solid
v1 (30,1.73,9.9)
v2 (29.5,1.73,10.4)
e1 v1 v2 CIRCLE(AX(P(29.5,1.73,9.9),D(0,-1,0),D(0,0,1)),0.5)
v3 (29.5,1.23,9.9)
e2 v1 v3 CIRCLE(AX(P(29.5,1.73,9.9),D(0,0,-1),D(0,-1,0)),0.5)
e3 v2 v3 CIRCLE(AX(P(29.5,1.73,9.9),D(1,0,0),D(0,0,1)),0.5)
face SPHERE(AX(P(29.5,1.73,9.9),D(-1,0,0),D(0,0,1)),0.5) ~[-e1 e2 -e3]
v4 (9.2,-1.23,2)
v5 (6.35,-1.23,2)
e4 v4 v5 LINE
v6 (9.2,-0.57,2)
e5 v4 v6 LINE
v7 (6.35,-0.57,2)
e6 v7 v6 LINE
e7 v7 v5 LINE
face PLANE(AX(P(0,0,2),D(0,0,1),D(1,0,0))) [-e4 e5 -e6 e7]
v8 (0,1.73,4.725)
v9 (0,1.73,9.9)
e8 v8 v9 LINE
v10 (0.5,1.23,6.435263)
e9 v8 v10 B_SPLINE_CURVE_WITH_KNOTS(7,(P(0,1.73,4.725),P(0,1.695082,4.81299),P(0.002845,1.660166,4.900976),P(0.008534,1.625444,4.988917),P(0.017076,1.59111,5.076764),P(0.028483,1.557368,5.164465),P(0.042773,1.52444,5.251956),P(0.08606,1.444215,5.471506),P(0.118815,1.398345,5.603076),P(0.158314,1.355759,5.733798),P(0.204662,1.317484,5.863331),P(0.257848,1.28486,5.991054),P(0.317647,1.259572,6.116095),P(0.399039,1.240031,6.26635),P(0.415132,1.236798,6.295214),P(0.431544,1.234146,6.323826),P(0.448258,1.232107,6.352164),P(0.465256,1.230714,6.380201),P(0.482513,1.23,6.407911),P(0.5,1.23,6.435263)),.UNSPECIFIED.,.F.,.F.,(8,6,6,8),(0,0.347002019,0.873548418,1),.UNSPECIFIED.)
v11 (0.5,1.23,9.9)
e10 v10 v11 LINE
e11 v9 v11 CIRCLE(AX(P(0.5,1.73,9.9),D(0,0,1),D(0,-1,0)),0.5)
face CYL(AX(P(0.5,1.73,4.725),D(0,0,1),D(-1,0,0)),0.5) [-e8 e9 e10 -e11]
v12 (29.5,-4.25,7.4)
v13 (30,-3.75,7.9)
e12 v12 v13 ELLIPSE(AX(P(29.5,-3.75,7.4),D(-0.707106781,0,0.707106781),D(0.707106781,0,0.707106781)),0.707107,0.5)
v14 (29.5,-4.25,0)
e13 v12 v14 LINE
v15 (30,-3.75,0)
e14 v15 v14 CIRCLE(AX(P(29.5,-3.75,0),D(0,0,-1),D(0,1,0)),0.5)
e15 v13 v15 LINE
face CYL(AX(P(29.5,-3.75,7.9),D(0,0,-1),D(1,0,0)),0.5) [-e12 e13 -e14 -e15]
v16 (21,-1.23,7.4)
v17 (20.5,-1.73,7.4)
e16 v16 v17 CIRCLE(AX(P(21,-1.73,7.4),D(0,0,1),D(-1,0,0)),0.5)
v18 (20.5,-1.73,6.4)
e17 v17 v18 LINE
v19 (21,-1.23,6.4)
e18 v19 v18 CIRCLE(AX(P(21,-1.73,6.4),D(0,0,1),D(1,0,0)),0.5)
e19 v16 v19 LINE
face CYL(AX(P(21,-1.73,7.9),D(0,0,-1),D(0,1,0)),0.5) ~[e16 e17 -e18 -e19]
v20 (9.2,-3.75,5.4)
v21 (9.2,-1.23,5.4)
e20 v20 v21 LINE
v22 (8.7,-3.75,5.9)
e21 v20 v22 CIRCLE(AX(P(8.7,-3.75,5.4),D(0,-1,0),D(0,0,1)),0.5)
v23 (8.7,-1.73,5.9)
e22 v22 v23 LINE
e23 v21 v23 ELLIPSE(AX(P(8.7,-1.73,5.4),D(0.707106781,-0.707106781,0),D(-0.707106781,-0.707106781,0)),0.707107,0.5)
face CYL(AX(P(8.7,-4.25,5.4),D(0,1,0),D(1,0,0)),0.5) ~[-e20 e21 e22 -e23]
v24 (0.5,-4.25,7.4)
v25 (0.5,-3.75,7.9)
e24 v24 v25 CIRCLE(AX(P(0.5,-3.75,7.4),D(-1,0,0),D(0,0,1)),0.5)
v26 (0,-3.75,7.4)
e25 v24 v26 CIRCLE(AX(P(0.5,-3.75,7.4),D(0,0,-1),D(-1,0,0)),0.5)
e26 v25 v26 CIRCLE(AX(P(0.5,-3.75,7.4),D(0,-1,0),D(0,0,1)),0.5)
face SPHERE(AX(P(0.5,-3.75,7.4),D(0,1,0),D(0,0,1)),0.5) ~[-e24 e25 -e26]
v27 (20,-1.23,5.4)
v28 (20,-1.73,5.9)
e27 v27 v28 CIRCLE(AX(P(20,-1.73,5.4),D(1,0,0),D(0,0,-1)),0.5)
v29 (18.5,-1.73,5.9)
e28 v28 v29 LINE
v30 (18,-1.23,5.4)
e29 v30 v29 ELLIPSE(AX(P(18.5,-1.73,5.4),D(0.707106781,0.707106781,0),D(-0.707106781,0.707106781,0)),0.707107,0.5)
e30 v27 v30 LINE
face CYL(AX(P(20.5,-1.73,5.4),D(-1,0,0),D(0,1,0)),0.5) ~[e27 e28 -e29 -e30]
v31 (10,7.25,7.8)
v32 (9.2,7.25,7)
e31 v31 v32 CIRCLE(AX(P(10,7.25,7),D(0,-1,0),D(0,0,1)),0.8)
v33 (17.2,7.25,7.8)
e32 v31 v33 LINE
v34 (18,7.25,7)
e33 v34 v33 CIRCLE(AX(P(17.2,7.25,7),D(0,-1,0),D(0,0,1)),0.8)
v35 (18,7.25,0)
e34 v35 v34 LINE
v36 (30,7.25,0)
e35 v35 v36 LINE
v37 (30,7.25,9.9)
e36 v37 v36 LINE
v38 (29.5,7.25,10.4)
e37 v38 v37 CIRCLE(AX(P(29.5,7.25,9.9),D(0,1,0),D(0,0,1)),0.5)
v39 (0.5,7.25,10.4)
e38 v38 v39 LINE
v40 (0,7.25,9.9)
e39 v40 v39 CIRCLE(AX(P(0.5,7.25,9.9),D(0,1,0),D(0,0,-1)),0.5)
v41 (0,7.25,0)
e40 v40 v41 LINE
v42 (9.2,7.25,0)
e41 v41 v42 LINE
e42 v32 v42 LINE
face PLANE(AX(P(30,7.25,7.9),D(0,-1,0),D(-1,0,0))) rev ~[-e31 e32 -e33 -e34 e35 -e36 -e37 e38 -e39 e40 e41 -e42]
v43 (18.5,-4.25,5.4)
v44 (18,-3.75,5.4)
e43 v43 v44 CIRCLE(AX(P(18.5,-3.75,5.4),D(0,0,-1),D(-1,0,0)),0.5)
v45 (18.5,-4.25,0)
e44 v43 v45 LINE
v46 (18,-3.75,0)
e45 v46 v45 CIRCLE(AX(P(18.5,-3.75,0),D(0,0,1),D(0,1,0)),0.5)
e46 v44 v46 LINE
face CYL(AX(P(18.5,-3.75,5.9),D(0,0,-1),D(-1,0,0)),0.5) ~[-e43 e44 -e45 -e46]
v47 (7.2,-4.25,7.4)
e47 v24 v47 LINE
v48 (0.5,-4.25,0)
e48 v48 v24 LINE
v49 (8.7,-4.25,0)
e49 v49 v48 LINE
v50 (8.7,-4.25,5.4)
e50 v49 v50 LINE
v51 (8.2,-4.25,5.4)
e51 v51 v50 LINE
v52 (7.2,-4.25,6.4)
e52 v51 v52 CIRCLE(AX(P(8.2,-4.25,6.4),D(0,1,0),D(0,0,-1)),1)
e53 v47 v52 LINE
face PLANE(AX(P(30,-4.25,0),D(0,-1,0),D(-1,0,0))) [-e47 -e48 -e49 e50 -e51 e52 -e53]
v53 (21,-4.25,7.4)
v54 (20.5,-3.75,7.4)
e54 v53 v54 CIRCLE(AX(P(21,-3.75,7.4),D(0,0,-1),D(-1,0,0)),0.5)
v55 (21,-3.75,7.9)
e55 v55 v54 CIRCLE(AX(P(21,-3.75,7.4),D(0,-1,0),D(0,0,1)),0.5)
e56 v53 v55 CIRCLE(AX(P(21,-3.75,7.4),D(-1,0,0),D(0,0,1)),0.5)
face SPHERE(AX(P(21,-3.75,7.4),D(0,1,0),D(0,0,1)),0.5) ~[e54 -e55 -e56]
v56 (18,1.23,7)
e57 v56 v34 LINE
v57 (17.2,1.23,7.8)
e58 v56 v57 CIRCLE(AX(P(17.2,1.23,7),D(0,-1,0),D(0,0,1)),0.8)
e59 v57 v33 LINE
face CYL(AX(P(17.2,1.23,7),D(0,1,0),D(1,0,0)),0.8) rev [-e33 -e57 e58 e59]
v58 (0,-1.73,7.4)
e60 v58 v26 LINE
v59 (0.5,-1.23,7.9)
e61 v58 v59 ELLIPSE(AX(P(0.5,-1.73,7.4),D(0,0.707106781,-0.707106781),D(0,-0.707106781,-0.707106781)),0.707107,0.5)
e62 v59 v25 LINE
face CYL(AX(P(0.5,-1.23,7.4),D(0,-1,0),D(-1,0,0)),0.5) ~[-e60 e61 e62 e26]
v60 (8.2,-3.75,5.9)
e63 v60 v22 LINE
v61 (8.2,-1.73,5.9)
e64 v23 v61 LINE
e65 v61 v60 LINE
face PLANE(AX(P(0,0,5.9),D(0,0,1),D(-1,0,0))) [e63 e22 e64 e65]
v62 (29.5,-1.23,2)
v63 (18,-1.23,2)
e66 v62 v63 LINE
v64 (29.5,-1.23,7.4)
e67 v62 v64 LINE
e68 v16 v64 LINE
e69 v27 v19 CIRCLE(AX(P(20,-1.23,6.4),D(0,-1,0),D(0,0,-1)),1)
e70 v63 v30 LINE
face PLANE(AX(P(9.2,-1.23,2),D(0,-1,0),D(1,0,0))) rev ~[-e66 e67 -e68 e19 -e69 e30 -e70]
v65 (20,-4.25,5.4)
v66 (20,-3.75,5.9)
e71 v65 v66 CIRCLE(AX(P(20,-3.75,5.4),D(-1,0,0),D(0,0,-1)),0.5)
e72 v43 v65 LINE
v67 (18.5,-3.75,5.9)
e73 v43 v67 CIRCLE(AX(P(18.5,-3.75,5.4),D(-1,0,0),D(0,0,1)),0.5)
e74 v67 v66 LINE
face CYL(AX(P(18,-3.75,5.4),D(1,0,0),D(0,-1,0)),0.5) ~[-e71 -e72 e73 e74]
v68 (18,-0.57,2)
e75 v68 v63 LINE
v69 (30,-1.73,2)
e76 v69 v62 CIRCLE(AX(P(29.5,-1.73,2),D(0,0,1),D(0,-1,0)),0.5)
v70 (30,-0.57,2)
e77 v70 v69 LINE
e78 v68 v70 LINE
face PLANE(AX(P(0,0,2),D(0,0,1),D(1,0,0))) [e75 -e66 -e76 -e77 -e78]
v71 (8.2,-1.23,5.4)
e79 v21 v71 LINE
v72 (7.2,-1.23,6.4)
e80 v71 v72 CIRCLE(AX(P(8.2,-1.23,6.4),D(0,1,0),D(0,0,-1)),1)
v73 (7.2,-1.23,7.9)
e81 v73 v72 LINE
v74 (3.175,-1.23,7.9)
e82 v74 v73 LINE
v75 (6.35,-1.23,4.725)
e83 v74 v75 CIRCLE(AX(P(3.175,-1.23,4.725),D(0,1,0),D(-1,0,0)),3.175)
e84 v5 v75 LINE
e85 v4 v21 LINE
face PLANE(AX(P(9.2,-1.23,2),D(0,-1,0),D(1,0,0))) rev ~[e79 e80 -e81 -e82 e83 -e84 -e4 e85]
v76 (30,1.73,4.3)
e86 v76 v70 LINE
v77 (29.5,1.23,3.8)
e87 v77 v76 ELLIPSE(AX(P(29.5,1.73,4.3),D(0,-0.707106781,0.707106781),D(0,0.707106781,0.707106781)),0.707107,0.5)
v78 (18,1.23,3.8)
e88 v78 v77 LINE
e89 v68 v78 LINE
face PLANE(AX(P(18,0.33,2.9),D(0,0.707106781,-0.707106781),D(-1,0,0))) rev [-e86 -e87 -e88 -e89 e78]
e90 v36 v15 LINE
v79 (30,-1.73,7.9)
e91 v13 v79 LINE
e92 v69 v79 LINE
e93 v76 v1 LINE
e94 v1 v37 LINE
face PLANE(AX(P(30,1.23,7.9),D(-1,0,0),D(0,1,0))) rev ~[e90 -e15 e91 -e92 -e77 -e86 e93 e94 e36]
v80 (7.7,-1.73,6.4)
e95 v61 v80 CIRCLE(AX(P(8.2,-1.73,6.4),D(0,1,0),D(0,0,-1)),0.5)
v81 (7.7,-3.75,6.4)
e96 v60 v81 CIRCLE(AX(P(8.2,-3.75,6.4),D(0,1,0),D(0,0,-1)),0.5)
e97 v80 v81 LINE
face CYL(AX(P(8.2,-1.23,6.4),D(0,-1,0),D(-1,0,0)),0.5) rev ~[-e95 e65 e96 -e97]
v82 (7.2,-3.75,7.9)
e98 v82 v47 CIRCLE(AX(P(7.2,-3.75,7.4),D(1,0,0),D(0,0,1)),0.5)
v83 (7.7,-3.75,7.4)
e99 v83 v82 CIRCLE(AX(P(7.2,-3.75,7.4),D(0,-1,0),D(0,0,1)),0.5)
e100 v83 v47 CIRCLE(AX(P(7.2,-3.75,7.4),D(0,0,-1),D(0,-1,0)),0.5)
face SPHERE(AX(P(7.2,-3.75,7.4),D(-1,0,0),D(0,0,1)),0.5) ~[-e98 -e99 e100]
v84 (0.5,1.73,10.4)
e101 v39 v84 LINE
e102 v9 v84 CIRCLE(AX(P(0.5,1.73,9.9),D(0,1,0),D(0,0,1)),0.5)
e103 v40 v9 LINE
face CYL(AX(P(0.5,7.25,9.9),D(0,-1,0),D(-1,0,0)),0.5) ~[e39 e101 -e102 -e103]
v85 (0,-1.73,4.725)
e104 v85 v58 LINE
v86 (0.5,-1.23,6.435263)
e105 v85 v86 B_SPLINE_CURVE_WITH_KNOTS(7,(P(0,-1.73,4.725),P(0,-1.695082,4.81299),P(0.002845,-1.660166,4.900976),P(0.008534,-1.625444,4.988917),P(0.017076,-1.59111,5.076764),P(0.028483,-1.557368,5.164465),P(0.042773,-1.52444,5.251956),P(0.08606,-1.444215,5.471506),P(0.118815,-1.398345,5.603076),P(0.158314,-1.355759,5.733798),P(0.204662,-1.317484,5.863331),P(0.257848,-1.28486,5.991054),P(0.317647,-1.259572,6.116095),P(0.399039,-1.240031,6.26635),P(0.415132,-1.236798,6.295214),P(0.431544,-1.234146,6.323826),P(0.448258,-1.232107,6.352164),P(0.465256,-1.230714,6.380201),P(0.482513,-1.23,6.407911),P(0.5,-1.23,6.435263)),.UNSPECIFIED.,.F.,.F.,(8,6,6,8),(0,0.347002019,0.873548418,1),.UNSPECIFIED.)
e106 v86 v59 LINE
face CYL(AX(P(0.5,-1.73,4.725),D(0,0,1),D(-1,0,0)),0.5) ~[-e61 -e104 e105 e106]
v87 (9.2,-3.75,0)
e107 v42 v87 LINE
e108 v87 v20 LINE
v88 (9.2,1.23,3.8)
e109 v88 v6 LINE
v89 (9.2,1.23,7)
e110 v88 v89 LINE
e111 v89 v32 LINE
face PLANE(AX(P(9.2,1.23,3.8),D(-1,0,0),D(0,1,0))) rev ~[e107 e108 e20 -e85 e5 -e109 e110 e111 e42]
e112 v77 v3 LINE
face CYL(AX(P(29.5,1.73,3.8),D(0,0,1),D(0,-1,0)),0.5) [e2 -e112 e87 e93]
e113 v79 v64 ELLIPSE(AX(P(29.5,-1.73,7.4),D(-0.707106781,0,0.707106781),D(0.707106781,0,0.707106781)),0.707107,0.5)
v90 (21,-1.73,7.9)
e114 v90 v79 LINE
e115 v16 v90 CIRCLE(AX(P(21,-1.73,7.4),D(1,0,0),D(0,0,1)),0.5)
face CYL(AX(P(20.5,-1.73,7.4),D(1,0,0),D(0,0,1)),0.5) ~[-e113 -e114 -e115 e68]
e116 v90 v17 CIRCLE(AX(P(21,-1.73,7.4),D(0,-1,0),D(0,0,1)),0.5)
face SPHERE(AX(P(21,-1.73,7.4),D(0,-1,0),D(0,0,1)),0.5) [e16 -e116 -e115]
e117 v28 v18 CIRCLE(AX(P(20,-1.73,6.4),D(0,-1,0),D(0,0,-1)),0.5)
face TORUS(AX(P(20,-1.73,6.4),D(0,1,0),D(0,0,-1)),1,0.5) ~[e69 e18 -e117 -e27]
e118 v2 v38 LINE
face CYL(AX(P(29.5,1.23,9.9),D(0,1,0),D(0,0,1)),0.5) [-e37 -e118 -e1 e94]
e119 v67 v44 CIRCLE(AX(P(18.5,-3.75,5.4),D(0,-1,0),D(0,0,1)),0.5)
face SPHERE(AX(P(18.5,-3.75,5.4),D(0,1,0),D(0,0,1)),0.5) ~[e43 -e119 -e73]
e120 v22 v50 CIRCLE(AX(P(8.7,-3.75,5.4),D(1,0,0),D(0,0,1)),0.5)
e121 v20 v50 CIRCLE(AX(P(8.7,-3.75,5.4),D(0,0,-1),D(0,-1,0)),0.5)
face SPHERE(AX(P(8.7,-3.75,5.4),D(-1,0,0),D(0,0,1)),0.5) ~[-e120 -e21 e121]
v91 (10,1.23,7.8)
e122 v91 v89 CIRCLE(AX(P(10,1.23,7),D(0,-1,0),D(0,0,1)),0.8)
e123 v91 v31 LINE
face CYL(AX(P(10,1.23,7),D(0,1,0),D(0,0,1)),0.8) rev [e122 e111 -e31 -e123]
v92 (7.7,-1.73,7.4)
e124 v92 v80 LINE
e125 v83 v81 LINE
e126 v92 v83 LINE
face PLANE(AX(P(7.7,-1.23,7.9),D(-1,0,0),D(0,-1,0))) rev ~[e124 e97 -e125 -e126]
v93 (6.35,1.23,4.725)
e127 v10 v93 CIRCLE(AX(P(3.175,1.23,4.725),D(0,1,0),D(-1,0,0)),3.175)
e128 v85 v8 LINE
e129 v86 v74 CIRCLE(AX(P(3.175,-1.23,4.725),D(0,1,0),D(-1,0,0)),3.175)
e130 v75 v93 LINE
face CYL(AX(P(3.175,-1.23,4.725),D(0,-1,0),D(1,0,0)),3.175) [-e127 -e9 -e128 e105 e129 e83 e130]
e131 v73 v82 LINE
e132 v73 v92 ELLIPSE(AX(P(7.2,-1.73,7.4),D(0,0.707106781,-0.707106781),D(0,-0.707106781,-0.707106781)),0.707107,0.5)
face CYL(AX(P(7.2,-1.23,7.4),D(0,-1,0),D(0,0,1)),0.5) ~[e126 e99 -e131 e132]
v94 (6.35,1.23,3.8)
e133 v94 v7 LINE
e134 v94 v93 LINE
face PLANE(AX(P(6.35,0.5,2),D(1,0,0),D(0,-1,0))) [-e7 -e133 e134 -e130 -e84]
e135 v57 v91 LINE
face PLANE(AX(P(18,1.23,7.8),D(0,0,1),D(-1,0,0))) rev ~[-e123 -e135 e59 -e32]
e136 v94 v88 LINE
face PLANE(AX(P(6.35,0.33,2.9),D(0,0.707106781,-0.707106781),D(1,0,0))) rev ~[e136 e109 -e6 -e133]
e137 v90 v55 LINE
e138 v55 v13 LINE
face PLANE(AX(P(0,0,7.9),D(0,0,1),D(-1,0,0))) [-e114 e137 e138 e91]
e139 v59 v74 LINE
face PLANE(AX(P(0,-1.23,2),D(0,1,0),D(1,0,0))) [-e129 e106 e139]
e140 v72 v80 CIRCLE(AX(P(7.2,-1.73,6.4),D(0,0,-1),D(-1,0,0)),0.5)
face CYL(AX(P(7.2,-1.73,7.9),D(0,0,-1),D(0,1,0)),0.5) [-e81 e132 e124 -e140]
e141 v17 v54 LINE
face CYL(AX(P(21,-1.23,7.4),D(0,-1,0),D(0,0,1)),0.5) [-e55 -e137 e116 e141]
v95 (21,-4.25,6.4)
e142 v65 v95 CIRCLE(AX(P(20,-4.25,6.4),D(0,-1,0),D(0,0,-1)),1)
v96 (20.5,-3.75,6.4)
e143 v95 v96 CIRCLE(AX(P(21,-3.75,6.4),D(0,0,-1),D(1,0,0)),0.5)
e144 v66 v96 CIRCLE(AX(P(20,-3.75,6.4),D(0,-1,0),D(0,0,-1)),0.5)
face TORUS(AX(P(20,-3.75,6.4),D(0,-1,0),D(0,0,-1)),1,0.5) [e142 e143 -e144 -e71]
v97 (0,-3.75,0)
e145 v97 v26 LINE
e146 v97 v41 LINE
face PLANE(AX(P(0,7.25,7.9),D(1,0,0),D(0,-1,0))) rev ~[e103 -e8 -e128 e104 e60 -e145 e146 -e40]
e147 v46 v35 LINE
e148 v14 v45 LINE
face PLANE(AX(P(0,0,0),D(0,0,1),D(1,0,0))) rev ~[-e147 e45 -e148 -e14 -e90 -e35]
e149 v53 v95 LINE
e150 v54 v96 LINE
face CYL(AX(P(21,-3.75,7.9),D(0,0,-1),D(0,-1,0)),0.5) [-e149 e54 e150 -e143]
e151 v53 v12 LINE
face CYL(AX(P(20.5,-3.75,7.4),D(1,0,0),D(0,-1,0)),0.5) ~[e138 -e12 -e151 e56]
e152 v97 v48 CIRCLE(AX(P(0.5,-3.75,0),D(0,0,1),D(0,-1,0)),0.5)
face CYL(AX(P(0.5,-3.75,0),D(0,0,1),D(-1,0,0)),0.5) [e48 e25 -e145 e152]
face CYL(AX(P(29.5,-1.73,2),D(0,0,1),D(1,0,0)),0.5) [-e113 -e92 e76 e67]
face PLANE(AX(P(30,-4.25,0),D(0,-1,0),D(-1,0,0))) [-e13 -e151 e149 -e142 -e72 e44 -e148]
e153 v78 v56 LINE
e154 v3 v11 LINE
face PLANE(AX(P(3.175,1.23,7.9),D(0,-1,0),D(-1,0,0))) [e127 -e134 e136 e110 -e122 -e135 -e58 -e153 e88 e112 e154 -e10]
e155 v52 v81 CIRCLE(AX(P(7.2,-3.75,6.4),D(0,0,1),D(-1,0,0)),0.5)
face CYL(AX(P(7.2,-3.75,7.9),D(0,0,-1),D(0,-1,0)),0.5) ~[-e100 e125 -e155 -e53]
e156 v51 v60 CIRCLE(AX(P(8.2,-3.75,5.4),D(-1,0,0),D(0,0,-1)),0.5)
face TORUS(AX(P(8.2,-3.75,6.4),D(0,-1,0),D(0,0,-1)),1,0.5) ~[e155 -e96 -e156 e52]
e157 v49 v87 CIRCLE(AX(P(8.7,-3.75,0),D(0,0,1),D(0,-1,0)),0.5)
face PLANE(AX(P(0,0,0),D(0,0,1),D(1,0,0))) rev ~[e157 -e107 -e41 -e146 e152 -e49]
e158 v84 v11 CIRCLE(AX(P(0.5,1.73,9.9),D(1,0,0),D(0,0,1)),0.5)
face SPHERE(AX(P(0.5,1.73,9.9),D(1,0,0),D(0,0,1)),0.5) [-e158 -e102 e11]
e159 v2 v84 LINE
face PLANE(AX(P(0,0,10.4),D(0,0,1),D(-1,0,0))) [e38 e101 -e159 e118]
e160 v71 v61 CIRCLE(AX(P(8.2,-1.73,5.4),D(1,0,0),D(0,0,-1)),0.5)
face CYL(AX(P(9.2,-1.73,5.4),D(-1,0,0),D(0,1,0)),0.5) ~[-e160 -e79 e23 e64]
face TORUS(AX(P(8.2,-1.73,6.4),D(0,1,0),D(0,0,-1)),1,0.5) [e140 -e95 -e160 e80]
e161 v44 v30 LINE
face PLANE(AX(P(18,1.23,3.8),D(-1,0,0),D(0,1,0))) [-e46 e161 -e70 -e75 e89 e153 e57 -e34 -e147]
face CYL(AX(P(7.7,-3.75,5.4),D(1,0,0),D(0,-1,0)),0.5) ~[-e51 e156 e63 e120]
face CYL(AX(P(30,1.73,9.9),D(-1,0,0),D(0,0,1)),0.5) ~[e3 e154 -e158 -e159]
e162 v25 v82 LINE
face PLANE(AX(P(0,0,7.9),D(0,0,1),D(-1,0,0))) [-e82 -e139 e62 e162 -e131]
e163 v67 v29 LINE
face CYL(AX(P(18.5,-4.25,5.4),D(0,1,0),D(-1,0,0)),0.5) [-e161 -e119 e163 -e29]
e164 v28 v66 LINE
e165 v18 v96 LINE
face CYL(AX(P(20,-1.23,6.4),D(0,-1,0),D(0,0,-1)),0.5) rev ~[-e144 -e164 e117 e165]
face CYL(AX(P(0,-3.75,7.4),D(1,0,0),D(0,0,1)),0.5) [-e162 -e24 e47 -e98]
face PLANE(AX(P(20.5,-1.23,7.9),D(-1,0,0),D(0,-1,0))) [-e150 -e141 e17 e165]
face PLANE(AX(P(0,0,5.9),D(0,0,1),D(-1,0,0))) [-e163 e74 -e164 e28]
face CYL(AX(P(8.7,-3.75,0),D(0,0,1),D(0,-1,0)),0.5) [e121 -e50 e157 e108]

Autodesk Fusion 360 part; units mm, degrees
sketch "Boceto1" plane through (0, 0, 0) normal (0, 0, 1) x (1, 0, 0)
  line L0 (0, 7.25) -> (30, 7.25)
  line L1 (30, 7.25) -> (30, -4.25)
  line L2 (30, -4.25) -> (0, -4.25)
  line L3 (0, -4.25) -> (0, 7.25)
  dimension "d1" = 30
  dimension "d2" = 11.5
  dimension "d3" = 7.25
extrude "Extruir1" add sketch "Boceto1" along normal blind 2
sketch "Boceto2" plane through (0, 0, 2) normal (0, 0, 1) x (-1, 0, 0)
  line L0 (0, 4.25) -> (-30, 4.25)
  line L1 (-30, 4.25) -> (-30, -7.25)
  line L2 (-30, -7.25) -> (0, -7.25)
  line L3 (0, -7.25) -> (0, 4.25)
  line L4 (0, -1.23) -> (-30, -1.23)
  line L5 (0, 1.23) -> (-30, 1.23)
  line L6 (-6.35, -1.23) -> (-6.35, 1.23)
  line L7 (-9.2, -1.23) -> (-9.2, 1.23)
  line L8 (-18, -1.23) -> (-18, 1.23)
  line L9 (0, -0.5) -> (-30, -0.5)
  dimension "d6" = 2.46
  dimension "d7" = 1.23
  dimension "d8" = 6.35
  dimension "d9" = 9.2
  dimension "d10" = 18
extrude "Extruir2" add sketch "Boceto2" along normal blind 5.9 contours L3 L5 L6 L9 | L3 L4 L6 L9
sketch "Boceto3" plane through (0, -1.23, 0) normal (0, -1, 0) x (1, 0, 0)
  line L0 (0, 2) -> (6.35, 2)
  line L1 (6.35, 2) -> (6.35, 7.9)
  line L2 (6.35, 7.9) -> (0, 7.9)
  line L3 (0, 7.9) -> (0, 2)
  arc A0 (6.35, 4.725) -> (0, 4.725) centre (3.175, 4.725) ccw
  point P0 (3.175, 4.725)
  dimension "d13" = 3.175
  dimension "d14" = 3.175
  dimension "d54" = 3.175
  dimension "d55" = 3.175
extrude "Extruir3" cut sketch "Boceto3" against normal blind 3 contours L2 L3 A0 | L1 L2 A0
extrude "Extruir4" cut sketch "Boceto2" against normal blind 2 contours L5 L7 L8 L9 | L4 L7 L8 L9
extrude "Extruir5" add sketch "Boceto2" along normal blind 5.9 contours L0 L1 L3 L5 | L1 L2 L3 L4
chamfer "Chaflán1" distance 1.8 angle 45 2 edges at (7.775, 1.23, 2) (24, 1.23, 2)
sketch "Boceto4" plane through (0, -1.23, 0) normal (0, 1, 0) x (-1, 0, 0)
  line L0 (-18, 2) -> (-18, 0)
  line L1 (-18, 0) -> (-9.2, 0)
  line L2 (-9.2, 0) -> (-9.2, 2)
  line L3 (-9.2, 2) -> (-6.35, 2)
  line L4 (-6.35, 2) -> (-6.35, 4.725)
  arc A0 (-3.175, 7.9) -> (-6.35, 4.725) centre (-3.175, 4.725) ccw
  line L5 (-3.175, 7.9) -> (-30, 7.9)
  line L6 (-30, 7.9) -> (-30, 2)
  line L7 (-30, 2) -> (-18, 2)
  line L8 (-9.2, 2) -> (-18, 2)
extrude "Extruir6" cut sketch "Boceto4" against normal blind 5 contours L0 L1 L2 L8
sketch "Boceto5" plane through (0, 1.23, 0) normal (0, -1, 0) x (1, 0, 0)
  line L0 (9.2, 3.8) -> (9.2, 0)
  line L1 (9.2, 0) -> (18, 0)
  line L2 (18, 0) -> (18, 3.8)
  line L3 (30, 3.8) -> (30, 7.9)
  line L4 (30, 7.9) -> (3.175, 7.9)
  arc A0 (6.35, 4.725) -> (3.175, 7.9) centre (3.175, 4.725) ccw
  line L5 (6.35, 4.725) -> (6.35, 3.8)
  line L6 (18, 3.8) -> (9.2, 3.8)
  line L7 (18, 3.8) -> (30, 3.8)
  line L8 (6.35, 3.8) -> (9.2, 3.8)
extrude "Extruir7" cut sketch "Boceto5" against normal blind 7 contours L0 L1 L2 L6
extrude "Extruir8" cut 2 faces at (15.0667, -2.2367, 2) (12.1333, 5.2433, 3.8) along direction (0, 0, 1) blind 4
extrude "Extruir10" add 1 faces at (11.0583, 5.2433, 7.9) along direction (0, 0, 1) blind 2.5
sketch "Boceto8" plane through (0, 0, 7.9) normal (0, 0, 1) x (-1, 0, 0)
  line L0 (-3.175, 1.23) -> (0, 1.23)
  line L1 (0, 1.23) -> (0, 4.25)
  line L2 (0, 4.25) -> (-30, 4.25)
  line L3 (-30, 4.25) -> (-30, 1.23)
  line L4 (-30, 1.23) -> (-3.175, 1.23)
  line L5 (-7.7, 1.23) -> (-7.7, 4.25)
  line L6 (-20.5, 1.23) -> (-20.5, 4.25)
  point P0 (0, 4.25)
  point P1 (-9.2, 4.25)
  point P2 (-18, 4.25)
  point P3 (-30, 4.25)
  dimension "d41" = 9.2
  dimension "d42" = 7.7
  dimension "d43" = 12
  dimension "d44" = 9.5
extrude "Extruir12" cut sketch "Boceto8" against normal blind 2 contours L2 L4 L5 L6
fillet "Empalme4" radius 0.5 29 edges at (0, -2.74, 7.9) (3.85, -4.25, 7.9) (7.7, -2.74, 7.9) (7.7, -4.25, 6.9) (7.7, -1.23, 6.9) (7.7, -2.74, 5.9) (8.45, -1.23, 5.9) (8.45, -4.25, 5.9) (9.2, -2.74, 5.9) (19.25, -1.23, 5.9) (18, -2.74, 5.9) (19.25, -4.25, 5.9) (20.5, -2.74, 7.9) (25.25, -1.23, 7.9) (25.25, -4.25, 7.9) (20.5, -1.23, 6.9) (20.5, -4.25, 6.9) (20.5, -2.74, 5.9) (15, 1.23, 10.4) (0, 4.24, 10.4) (30, 4.24, 10.4) (0, -4.25, 3.95) (9.2, -4.25, 2.95) (18, -4.25, 2.95) (30, -4.25, 3.95) (0, 1.23, 7.5625) (30, 1.23, 7.1) (30, -1.23, 4.95) (0, -1.23, 6.3125)
fillet "Empalme5" radius 0.8 2 edges at (9.2, 4.24, 7.8) (18, 4.24, 7.8)
equation "d3 = d2 / 2 + 1.5 mm"
equation "d7 = d6 / 2"
equation "d9 = d10 - 8.8 mm"
equation "d13 = d8 / 2"
equation "d14 = d13"
equation "d42 = d41 - 1.5 mm"
equation "d44 = d43 - 2.5 mm"
equation "d54 = d8 / 2"
equation "d55 = d8 / 2"
